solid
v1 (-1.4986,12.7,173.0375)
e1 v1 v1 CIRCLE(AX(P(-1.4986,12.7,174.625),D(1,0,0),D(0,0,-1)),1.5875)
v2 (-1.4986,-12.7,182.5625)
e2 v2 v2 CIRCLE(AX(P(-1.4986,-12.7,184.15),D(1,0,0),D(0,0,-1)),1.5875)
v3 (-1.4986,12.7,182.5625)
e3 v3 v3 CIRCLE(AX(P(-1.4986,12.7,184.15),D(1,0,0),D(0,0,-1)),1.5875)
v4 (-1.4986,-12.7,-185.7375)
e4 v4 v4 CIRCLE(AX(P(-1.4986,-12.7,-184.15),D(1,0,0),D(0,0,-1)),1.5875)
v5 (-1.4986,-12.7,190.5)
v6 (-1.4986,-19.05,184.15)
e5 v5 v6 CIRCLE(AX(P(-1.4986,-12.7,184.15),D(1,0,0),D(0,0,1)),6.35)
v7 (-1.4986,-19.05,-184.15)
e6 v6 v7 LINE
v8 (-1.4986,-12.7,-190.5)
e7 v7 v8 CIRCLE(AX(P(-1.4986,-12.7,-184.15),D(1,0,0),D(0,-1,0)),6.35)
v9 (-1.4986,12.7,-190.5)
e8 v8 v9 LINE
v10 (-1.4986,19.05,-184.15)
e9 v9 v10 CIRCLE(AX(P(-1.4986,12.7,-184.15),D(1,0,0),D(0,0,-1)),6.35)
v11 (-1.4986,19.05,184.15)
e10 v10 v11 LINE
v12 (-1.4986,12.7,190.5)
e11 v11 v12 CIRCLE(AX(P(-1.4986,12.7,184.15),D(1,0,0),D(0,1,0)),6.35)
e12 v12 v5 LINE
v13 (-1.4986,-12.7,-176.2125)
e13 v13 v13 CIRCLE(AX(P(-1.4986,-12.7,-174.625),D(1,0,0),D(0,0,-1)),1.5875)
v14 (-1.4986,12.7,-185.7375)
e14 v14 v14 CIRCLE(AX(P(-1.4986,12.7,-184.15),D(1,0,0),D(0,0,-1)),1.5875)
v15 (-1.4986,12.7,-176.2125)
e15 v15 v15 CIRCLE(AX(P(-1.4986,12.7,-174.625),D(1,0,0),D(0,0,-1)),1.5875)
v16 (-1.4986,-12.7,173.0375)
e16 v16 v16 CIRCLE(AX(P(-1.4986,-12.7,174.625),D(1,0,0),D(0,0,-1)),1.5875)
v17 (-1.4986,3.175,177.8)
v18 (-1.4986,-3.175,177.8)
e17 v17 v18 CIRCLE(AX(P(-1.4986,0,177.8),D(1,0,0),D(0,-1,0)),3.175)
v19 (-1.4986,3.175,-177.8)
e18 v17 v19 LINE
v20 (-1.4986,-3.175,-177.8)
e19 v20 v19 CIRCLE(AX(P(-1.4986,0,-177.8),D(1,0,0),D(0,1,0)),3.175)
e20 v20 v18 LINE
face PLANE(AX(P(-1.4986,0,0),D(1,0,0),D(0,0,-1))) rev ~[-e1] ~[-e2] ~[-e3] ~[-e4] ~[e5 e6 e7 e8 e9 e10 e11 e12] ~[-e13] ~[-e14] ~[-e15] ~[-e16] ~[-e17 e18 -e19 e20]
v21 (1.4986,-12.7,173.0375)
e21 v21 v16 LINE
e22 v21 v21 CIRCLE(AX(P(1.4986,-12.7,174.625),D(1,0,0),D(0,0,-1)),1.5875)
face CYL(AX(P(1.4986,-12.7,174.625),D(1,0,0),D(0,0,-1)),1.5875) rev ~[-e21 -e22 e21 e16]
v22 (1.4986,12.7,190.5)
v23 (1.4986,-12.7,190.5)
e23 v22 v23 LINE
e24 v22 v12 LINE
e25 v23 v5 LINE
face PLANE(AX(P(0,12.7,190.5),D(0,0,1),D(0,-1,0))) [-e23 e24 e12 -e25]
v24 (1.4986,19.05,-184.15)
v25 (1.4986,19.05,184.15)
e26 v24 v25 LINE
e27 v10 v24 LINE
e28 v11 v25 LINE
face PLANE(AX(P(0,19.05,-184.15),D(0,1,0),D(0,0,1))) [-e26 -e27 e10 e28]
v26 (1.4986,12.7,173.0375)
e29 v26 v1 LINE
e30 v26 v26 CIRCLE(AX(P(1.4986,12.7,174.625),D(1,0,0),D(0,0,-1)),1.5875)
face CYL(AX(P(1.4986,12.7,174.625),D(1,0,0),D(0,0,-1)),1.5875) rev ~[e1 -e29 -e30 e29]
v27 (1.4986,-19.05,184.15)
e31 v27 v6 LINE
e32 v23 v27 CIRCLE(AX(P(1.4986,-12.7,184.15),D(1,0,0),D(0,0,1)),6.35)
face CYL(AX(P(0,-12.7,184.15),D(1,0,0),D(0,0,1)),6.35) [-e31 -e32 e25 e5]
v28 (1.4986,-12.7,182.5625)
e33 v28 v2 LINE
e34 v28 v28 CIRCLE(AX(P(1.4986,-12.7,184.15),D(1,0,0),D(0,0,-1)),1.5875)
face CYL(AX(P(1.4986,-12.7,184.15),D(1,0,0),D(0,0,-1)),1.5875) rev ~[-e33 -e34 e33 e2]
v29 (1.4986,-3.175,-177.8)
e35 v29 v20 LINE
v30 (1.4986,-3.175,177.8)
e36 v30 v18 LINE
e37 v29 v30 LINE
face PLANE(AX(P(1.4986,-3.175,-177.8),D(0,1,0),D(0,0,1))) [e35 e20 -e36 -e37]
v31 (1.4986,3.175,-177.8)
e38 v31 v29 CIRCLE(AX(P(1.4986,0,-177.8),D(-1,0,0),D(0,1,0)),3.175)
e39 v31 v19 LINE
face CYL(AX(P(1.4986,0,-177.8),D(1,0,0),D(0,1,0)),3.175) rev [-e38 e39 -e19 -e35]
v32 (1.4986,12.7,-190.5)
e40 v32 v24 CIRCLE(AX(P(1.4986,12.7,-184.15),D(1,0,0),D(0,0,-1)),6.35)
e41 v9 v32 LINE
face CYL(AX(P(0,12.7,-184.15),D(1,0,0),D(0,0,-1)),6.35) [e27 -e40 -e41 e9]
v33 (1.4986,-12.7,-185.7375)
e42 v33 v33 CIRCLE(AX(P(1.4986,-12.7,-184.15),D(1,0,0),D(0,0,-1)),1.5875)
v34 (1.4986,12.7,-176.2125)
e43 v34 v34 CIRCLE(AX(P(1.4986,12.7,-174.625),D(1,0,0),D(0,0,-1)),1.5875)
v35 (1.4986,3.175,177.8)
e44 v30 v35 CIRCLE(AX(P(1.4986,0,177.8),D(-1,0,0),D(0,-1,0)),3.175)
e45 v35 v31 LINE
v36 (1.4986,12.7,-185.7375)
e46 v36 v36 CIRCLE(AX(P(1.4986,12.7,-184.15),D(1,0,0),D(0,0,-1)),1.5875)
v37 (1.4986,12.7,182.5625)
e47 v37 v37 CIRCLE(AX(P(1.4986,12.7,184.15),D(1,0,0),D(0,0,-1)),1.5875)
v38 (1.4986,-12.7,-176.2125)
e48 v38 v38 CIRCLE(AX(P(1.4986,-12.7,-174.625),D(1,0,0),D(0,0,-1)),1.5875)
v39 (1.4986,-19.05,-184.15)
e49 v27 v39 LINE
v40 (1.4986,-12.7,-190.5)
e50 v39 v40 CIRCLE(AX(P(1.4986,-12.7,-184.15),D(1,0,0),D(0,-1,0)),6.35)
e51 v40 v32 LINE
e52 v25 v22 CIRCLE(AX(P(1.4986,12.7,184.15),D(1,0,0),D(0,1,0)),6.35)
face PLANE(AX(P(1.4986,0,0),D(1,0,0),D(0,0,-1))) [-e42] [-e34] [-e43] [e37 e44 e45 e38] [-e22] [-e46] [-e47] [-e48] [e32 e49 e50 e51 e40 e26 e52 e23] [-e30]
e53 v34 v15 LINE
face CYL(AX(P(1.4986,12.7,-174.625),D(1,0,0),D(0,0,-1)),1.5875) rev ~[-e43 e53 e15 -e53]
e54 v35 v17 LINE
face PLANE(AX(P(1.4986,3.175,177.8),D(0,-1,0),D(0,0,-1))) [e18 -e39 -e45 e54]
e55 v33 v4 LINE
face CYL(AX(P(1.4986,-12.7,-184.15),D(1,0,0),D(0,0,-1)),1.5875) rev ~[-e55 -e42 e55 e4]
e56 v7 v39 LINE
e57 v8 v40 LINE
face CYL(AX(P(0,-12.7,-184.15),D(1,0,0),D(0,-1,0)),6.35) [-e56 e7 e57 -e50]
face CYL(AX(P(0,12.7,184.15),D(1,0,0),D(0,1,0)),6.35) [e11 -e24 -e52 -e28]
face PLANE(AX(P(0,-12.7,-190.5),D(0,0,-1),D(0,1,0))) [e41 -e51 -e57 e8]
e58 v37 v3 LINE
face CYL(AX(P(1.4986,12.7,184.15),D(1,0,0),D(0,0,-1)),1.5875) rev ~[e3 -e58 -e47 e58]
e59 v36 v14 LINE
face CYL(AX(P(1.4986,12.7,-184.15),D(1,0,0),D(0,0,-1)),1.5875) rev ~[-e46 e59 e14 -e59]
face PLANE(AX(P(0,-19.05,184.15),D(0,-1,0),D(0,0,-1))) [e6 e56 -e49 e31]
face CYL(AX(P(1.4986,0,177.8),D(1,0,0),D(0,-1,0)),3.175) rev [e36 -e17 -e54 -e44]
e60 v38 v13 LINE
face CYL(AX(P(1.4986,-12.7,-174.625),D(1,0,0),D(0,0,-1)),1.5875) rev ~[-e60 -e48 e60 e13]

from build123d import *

# Parameters (mm, degrees)
OUTER_CUT_DEPTH   = 1.4986
SLOTS_DEPTH       = 192.473590105
SKETCH3_R         = 1.5875
MOUNT_HOLES_DEPTH = 192.473590105


with BuildPart() as part:
    # Sketch1 → Outer Cut (new, symmetric)
    with BuildSketch(Plane(origin=(0, 0, 0), x_dir=(0, 0, -1), z_dir=(1, 0, 0))):
        with BuildLine():
            Line((-184.15, -19.05), (184.15, -19.05))
            ThreePointArc((184.15, -19.05), (188.640128061, -17.190128061), (190.5, -12.7))
            Line((190.5, -12.7), (190.5, 12.7))
            ThreePointArc((190.5, 12.7), (188.640128061, 17.190128061), (184.15, 19.05))
            Line((184.15, 19.05), (-184.15, 19.05))
            ThreePointArc((-184.15, 19.05), (-188.640128061, 17.190128061), (-190.5, 12.7))
            Line((-190.5, 12.7), (-190.5, -12.7))
            ThreePointArc((-190.5, -12.7), (-188.640128061, -17.190128061), (-184.15, -19.05))
        make_face()
    extrude(amount=OUTER_CUT_DEPTH, both=True)

    # Sketch2 → Slots (cut, through all)
    with BuildSketch(Plane(origin=(1.4986, 0, 0), x_dir=(0, 0, -1), z_dir=(1, 0, 0))):
        with BuildLine():
            Line((-177.8, 3.175), (177.8, 3.175))
            ThreePointArc((177.8, 3.175), (180.975, 0), (177.8, -3.175))
            Line((177.8, -3.175), (-177.8, -3.175))
            ThreePointArc((-177.8, -3.175), (-180.975, 0), (-177.8, 3.175))
        make_face()
    extrude(amount=-SLOTS_DEPTH, mode=Mode.SUBTRACT)

    # Sketch3 → Mount Holes (cut, through all)
    with BuildSketch(Plane(origin=(1.4986, 0, 0), x_dir=(0, 0, -1), z_dir=(1, 0, 0))):
        with Locations((-184.15, 12.7)):
            Circle(SKETCH3_R)
        with Locations((-174.625, 12.7)):
            Circle(SKETCH3_R)
        with Locations((-174.625, -12.7)):
            Circle(SKETCH3_R)
        with Locations((-184.15, -12.7)):
            Circle(SKETCH3_R)
        with Locations((174.625, 12.7)):
            Circle(SKETCH3_R)
        with Locations((184.15, 12.7)):
            Circle(SKETCH3_R)
        with Locations((184.15, -12.7)):
            Circle(SKETCH3_R)
        with Locations((174.625, -12.7)):
            Circle(SKETCH3_R)
    extrude(amount=-MOUNT_HOLES_DEPTH, mode=Mode.SUBTRACT)


solid = part.part
